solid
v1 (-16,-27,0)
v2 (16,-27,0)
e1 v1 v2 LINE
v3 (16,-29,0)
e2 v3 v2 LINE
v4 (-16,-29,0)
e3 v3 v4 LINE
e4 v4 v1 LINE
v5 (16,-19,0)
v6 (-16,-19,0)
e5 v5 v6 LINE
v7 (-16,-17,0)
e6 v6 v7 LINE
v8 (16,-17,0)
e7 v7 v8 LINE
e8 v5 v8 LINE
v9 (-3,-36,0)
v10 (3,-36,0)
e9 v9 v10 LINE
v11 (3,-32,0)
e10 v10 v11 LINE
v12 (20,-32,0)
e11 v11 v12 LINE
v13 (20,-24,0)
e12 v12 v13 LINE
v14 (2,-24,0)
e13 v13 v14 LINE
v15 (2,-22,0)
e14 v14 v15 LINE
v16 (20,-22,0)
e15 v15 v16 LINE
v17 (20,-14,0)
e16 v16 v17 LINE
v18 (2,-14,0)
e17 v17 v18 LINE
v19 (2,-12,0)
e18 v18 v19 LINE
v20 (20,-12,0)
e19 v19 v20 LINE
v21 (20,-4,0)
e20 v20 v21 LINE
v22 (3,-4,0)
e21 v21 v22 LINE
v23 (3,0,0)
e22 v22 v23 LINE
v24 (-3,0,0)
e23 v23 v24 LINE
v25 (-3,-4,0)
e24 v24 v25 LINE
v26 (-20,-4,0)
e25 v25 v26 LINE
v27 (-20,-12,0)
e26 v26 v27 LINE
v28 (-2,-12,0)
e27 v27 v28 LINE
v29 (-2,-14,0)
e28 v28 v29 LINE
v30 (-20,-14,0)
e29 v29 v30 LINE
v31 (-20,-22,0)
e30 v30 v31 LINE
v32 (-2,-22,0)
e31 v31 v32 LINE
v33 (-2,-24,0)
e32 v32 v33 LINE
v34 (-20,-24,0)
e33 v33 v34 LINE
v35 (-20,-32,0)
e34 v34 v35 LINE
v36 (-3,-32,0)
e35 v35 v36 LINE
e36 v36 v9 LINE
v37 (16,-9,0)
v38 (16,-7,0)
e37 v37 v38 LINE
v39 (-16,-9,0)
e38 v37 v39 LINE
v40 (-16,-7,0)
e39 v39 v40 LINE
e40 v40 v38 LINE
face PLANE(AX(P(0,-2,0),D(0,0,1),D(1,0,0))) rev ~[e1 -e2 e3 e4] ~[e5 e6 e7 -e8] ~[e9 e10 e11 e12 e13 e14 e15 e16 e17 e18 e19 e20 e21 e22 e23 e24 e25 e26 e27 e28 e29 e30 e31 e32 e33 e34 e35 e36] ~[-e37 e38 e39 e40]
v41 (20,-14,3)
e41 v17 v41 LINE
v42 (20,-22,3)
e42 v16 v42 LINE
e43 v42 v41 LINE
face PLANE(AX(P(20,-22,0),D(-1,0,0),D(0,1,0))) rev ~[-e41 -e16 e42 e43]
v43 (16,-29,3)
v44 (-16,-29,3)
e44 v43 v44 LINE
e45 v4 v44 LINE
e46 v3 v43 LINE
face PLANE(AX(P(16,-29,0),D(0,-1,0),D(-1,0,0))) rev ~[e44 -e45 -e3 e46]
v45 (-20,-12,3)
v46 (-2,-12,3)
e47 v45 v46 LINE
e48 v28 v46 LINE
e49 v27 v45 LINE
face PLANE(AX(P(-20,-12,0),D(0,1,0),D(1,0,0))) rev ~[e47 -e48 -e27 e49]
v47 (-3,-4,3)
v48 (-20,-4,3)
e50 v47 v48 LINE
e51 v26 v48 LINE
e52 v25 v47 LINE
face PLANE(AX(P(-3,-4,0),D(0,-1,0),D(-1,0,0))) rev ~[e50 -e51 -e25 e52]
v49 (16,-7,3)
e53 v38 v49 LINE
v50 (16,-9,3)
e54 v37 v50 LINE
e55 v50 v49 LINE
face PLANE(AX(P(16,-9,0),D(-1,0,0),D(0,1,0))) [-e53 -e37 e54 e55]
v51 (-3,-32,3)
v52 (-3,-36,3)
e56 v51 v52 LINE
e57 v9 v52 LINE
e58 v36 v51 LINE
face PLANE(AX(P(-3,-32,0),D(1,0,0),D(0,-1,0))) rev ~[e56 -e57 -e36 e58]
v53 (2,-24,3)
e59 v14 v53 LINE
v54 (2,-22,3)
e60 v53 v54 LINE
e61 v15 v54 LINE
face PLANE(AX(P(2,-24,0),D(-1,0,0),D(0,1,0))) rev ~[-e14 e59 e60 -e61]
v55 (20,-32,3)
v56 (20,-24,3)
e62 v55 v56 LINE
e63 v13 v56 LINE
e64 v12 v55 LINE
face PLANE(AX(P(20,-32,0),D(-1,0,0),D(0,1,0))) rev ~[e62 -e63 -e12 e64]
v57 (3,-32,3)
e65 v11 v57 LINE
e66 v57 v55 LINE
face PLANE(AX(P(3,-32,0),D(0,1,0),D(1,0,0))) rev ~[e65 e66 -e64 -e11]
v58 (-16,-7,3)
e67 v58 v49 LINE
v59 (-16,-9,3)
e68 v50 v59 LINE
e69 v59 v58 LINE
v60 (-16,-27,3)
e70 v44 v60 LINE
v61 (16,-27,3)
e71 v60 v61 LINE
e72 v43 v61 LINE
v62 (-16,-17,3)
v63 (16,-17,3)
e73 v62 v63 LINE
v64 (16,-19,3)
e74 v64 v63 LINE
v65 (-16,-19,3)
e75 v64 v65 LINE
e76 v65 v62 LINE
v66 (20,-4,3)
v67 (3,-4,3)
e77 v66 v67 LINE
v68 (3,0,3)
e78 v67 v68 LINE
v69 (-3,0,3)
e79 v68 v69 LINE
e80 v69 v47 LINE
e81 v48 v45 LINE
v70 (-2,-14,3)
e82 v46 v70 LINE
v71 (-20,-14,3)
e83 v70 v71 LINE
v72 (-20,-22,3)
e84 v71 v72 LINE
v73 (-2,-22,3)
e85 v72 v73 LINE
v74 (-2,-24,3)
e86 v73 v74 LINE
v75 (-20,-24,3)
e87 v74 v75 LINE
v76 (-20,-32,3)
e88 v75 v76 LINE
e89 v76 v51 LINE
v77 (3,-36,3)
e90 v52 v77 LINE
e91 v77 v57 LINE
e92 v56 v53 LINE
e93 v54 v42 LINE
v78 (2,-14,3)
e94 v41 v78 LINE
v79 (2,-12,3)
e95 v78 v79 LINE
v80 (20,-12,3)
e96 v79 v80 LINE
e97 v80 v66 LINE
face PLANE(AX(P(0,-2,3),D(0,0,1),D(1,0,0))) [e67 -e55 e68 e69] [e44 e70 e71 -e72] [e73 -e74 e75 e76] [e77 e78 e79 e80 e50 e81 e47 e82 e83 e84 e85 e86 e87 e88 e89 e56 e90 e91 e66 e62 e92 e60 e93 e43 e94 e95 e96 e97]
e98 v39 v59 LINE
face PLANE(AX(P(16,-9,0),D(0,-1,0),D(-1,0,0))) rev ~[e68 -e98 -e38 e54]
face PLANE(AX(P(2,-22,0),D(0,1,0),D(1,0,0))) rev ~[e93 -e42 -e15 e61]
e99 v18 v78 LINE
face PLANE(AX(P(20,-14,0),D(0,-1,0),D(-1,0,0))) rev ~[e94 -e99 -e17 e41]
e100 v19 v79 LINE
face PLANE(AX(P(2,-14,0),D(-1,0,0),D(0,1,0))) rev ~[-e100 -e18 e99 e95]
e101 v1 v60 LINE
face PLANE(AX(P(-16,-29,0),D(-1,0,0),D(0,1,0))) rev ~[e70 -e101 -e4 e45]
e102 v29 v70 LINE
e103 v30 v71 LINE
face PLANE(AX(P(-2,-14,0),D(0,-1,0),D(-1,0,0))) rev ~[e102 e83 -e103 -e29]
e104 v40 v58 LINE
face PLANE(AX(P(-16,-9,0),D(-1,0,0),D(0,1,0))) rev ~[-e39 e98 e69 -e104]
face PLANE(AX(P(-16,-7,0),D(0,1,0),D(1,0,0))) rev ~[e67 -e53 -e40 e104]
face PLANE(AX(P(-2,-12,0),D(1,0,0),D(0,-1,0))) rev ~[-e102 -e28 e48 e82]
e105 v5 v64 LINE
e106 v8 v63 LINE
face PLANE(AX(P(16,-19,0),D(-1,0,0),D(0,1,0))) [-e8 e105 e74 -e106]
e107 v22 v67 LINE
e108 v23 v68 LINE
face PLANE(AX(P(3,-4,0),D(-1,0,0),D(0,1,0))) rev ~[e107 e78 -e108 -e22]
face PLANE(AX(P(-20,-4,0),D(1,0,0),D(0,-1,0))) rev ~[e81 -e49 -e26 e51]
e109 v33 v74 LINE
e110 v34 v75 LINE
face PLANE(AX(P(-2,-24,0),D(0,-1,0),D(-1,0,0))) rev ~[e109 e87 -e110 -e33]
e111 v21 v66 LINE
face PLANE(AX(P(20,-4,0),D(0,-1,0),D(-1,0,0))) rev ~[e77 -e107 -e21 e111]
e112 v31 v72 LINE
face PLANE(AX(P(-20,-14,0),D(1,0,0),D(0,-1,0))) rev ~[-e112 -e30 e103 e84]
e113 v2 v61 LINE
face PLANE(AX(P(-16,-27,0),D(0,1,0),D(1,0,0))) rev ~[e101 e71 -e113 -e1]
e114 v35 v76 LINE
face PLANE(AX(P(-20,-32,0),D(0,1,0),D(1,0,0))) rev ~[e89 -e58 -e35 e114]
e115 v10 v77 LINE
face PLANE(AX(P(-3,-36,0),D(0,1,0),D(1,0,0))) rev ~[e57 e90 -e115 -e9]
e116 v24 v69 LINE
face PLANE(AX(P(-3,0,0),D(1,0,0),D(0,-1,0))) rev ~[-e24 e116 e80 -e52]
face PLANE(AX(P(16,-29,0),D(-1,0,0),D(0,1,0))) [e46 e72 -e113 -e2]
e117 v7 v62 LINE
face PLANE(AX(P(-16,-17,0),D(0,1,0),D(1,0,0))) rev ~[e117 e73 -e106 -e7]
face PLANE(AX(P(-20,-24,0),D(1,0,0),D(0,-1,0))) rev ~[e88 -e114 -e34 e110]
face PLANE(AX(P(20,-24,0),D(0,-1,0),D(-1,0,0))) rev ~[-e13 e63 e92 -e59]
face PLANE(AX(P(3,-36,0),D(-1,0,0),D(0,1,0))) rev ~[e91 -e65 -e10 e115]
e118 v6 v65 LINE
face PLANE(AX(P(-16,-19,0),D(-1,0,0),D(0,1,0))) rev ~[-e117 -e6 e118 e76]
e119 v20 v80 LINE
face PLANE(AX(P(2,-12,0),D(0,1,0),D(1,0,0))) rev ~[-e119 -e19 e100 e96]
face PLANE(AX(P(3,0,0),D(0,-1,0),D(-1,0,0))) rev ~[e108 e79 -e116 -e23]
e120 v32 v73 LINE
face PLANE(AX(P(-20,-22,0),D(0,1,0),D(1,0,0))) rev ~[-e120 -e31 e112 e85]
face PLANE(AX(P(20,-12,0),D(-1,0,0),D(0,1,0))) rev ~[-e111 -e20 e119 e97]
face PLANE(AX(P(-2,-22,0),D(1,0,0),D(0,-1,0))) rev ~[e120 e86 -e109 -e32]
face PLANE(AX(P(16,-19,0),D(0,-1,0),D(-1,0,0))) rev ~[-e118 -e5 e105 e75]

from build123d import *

# Parameters (mm, degrees)
F0_W     = 4
F0_H     = 2
F1_DEPTH = 3


with BuildPart() as f1:
    # F0 (on Top) → F1 (new body)
    with BuildSketch(Plane.XY):
        Polygon((0, 0), (-3, 0), (-3, -4), (0, -4), (3, -4), (3, 0), align=None)
        Polygon((0, -4), (-3, -4), (-20, -4), (-20, -7), (-16, -7), (0, -7), (16, -7), (20, -7), (20, -4), (3, -4), align=None)
        with Locations((-18, -8)):
            Rectangle(F0_W, F0_H)
        Polygon((-16, -9), (-20, -9), (-20, -12), (-2, -12), (0, -12), (2, -12), (20, -12), (20, -9), (16, -9), (0, -9), align=None)
        with Locations((18, -8)):
            Rectangle(F0_W, F0_H)
        Polygon((0, -12), (-2, -12), (-2, -14), (0, -14), (2, -14), (2, -12), align=None)
        Polygon((0, -14), (-2, -14), (-20, -14), (-20, -17), (-16, -17), (0, -17), (16, -17), (20, -17), (20, -14), (2, -14), align=None)
        with Locations((-18, -18)):
            Rectangle(F0_W, F0_H)
        Polygon((-16, -19), (-20, -19), (-20, -22), (-2, -22), (0, -22), (2, -22), (20, -22), (20, -19), (16, -19), (0, -19), align=None)
        with Locations((18, -18)):
            Rectangle(F0_W, F0_H)
        Polygon((0, -22), (-2, -22), (-2, -24), (0, -24), (2, -24), (2, -22), align=None)
        Polygon((0, -24), (-2, -24), (-20, -24), (-20, -27), (-16, -27), (0, -27), (16, -27), (20, -27), (20, -24), (2, -24), align=None)
        with Locations((-18, -28)):
            Rectangle(F0_W, F0_H)
        Polygon((-16, -29), (-20, -29), (-20, -32), (-3, -32), (0, -32), (3, -32), (20, -32), (20, -29), (16, -29), (0, -29), align=None)
        with Locations((18, -28)):
            Rectangle(F0_W, F0_H)
        Polygon((0, -32), (-3, -32), (-3, -36), (0, -36), (3, -36), (3, -32), align=None)
    extrude(amount=F1_DEPTH)


solid = f1.part
